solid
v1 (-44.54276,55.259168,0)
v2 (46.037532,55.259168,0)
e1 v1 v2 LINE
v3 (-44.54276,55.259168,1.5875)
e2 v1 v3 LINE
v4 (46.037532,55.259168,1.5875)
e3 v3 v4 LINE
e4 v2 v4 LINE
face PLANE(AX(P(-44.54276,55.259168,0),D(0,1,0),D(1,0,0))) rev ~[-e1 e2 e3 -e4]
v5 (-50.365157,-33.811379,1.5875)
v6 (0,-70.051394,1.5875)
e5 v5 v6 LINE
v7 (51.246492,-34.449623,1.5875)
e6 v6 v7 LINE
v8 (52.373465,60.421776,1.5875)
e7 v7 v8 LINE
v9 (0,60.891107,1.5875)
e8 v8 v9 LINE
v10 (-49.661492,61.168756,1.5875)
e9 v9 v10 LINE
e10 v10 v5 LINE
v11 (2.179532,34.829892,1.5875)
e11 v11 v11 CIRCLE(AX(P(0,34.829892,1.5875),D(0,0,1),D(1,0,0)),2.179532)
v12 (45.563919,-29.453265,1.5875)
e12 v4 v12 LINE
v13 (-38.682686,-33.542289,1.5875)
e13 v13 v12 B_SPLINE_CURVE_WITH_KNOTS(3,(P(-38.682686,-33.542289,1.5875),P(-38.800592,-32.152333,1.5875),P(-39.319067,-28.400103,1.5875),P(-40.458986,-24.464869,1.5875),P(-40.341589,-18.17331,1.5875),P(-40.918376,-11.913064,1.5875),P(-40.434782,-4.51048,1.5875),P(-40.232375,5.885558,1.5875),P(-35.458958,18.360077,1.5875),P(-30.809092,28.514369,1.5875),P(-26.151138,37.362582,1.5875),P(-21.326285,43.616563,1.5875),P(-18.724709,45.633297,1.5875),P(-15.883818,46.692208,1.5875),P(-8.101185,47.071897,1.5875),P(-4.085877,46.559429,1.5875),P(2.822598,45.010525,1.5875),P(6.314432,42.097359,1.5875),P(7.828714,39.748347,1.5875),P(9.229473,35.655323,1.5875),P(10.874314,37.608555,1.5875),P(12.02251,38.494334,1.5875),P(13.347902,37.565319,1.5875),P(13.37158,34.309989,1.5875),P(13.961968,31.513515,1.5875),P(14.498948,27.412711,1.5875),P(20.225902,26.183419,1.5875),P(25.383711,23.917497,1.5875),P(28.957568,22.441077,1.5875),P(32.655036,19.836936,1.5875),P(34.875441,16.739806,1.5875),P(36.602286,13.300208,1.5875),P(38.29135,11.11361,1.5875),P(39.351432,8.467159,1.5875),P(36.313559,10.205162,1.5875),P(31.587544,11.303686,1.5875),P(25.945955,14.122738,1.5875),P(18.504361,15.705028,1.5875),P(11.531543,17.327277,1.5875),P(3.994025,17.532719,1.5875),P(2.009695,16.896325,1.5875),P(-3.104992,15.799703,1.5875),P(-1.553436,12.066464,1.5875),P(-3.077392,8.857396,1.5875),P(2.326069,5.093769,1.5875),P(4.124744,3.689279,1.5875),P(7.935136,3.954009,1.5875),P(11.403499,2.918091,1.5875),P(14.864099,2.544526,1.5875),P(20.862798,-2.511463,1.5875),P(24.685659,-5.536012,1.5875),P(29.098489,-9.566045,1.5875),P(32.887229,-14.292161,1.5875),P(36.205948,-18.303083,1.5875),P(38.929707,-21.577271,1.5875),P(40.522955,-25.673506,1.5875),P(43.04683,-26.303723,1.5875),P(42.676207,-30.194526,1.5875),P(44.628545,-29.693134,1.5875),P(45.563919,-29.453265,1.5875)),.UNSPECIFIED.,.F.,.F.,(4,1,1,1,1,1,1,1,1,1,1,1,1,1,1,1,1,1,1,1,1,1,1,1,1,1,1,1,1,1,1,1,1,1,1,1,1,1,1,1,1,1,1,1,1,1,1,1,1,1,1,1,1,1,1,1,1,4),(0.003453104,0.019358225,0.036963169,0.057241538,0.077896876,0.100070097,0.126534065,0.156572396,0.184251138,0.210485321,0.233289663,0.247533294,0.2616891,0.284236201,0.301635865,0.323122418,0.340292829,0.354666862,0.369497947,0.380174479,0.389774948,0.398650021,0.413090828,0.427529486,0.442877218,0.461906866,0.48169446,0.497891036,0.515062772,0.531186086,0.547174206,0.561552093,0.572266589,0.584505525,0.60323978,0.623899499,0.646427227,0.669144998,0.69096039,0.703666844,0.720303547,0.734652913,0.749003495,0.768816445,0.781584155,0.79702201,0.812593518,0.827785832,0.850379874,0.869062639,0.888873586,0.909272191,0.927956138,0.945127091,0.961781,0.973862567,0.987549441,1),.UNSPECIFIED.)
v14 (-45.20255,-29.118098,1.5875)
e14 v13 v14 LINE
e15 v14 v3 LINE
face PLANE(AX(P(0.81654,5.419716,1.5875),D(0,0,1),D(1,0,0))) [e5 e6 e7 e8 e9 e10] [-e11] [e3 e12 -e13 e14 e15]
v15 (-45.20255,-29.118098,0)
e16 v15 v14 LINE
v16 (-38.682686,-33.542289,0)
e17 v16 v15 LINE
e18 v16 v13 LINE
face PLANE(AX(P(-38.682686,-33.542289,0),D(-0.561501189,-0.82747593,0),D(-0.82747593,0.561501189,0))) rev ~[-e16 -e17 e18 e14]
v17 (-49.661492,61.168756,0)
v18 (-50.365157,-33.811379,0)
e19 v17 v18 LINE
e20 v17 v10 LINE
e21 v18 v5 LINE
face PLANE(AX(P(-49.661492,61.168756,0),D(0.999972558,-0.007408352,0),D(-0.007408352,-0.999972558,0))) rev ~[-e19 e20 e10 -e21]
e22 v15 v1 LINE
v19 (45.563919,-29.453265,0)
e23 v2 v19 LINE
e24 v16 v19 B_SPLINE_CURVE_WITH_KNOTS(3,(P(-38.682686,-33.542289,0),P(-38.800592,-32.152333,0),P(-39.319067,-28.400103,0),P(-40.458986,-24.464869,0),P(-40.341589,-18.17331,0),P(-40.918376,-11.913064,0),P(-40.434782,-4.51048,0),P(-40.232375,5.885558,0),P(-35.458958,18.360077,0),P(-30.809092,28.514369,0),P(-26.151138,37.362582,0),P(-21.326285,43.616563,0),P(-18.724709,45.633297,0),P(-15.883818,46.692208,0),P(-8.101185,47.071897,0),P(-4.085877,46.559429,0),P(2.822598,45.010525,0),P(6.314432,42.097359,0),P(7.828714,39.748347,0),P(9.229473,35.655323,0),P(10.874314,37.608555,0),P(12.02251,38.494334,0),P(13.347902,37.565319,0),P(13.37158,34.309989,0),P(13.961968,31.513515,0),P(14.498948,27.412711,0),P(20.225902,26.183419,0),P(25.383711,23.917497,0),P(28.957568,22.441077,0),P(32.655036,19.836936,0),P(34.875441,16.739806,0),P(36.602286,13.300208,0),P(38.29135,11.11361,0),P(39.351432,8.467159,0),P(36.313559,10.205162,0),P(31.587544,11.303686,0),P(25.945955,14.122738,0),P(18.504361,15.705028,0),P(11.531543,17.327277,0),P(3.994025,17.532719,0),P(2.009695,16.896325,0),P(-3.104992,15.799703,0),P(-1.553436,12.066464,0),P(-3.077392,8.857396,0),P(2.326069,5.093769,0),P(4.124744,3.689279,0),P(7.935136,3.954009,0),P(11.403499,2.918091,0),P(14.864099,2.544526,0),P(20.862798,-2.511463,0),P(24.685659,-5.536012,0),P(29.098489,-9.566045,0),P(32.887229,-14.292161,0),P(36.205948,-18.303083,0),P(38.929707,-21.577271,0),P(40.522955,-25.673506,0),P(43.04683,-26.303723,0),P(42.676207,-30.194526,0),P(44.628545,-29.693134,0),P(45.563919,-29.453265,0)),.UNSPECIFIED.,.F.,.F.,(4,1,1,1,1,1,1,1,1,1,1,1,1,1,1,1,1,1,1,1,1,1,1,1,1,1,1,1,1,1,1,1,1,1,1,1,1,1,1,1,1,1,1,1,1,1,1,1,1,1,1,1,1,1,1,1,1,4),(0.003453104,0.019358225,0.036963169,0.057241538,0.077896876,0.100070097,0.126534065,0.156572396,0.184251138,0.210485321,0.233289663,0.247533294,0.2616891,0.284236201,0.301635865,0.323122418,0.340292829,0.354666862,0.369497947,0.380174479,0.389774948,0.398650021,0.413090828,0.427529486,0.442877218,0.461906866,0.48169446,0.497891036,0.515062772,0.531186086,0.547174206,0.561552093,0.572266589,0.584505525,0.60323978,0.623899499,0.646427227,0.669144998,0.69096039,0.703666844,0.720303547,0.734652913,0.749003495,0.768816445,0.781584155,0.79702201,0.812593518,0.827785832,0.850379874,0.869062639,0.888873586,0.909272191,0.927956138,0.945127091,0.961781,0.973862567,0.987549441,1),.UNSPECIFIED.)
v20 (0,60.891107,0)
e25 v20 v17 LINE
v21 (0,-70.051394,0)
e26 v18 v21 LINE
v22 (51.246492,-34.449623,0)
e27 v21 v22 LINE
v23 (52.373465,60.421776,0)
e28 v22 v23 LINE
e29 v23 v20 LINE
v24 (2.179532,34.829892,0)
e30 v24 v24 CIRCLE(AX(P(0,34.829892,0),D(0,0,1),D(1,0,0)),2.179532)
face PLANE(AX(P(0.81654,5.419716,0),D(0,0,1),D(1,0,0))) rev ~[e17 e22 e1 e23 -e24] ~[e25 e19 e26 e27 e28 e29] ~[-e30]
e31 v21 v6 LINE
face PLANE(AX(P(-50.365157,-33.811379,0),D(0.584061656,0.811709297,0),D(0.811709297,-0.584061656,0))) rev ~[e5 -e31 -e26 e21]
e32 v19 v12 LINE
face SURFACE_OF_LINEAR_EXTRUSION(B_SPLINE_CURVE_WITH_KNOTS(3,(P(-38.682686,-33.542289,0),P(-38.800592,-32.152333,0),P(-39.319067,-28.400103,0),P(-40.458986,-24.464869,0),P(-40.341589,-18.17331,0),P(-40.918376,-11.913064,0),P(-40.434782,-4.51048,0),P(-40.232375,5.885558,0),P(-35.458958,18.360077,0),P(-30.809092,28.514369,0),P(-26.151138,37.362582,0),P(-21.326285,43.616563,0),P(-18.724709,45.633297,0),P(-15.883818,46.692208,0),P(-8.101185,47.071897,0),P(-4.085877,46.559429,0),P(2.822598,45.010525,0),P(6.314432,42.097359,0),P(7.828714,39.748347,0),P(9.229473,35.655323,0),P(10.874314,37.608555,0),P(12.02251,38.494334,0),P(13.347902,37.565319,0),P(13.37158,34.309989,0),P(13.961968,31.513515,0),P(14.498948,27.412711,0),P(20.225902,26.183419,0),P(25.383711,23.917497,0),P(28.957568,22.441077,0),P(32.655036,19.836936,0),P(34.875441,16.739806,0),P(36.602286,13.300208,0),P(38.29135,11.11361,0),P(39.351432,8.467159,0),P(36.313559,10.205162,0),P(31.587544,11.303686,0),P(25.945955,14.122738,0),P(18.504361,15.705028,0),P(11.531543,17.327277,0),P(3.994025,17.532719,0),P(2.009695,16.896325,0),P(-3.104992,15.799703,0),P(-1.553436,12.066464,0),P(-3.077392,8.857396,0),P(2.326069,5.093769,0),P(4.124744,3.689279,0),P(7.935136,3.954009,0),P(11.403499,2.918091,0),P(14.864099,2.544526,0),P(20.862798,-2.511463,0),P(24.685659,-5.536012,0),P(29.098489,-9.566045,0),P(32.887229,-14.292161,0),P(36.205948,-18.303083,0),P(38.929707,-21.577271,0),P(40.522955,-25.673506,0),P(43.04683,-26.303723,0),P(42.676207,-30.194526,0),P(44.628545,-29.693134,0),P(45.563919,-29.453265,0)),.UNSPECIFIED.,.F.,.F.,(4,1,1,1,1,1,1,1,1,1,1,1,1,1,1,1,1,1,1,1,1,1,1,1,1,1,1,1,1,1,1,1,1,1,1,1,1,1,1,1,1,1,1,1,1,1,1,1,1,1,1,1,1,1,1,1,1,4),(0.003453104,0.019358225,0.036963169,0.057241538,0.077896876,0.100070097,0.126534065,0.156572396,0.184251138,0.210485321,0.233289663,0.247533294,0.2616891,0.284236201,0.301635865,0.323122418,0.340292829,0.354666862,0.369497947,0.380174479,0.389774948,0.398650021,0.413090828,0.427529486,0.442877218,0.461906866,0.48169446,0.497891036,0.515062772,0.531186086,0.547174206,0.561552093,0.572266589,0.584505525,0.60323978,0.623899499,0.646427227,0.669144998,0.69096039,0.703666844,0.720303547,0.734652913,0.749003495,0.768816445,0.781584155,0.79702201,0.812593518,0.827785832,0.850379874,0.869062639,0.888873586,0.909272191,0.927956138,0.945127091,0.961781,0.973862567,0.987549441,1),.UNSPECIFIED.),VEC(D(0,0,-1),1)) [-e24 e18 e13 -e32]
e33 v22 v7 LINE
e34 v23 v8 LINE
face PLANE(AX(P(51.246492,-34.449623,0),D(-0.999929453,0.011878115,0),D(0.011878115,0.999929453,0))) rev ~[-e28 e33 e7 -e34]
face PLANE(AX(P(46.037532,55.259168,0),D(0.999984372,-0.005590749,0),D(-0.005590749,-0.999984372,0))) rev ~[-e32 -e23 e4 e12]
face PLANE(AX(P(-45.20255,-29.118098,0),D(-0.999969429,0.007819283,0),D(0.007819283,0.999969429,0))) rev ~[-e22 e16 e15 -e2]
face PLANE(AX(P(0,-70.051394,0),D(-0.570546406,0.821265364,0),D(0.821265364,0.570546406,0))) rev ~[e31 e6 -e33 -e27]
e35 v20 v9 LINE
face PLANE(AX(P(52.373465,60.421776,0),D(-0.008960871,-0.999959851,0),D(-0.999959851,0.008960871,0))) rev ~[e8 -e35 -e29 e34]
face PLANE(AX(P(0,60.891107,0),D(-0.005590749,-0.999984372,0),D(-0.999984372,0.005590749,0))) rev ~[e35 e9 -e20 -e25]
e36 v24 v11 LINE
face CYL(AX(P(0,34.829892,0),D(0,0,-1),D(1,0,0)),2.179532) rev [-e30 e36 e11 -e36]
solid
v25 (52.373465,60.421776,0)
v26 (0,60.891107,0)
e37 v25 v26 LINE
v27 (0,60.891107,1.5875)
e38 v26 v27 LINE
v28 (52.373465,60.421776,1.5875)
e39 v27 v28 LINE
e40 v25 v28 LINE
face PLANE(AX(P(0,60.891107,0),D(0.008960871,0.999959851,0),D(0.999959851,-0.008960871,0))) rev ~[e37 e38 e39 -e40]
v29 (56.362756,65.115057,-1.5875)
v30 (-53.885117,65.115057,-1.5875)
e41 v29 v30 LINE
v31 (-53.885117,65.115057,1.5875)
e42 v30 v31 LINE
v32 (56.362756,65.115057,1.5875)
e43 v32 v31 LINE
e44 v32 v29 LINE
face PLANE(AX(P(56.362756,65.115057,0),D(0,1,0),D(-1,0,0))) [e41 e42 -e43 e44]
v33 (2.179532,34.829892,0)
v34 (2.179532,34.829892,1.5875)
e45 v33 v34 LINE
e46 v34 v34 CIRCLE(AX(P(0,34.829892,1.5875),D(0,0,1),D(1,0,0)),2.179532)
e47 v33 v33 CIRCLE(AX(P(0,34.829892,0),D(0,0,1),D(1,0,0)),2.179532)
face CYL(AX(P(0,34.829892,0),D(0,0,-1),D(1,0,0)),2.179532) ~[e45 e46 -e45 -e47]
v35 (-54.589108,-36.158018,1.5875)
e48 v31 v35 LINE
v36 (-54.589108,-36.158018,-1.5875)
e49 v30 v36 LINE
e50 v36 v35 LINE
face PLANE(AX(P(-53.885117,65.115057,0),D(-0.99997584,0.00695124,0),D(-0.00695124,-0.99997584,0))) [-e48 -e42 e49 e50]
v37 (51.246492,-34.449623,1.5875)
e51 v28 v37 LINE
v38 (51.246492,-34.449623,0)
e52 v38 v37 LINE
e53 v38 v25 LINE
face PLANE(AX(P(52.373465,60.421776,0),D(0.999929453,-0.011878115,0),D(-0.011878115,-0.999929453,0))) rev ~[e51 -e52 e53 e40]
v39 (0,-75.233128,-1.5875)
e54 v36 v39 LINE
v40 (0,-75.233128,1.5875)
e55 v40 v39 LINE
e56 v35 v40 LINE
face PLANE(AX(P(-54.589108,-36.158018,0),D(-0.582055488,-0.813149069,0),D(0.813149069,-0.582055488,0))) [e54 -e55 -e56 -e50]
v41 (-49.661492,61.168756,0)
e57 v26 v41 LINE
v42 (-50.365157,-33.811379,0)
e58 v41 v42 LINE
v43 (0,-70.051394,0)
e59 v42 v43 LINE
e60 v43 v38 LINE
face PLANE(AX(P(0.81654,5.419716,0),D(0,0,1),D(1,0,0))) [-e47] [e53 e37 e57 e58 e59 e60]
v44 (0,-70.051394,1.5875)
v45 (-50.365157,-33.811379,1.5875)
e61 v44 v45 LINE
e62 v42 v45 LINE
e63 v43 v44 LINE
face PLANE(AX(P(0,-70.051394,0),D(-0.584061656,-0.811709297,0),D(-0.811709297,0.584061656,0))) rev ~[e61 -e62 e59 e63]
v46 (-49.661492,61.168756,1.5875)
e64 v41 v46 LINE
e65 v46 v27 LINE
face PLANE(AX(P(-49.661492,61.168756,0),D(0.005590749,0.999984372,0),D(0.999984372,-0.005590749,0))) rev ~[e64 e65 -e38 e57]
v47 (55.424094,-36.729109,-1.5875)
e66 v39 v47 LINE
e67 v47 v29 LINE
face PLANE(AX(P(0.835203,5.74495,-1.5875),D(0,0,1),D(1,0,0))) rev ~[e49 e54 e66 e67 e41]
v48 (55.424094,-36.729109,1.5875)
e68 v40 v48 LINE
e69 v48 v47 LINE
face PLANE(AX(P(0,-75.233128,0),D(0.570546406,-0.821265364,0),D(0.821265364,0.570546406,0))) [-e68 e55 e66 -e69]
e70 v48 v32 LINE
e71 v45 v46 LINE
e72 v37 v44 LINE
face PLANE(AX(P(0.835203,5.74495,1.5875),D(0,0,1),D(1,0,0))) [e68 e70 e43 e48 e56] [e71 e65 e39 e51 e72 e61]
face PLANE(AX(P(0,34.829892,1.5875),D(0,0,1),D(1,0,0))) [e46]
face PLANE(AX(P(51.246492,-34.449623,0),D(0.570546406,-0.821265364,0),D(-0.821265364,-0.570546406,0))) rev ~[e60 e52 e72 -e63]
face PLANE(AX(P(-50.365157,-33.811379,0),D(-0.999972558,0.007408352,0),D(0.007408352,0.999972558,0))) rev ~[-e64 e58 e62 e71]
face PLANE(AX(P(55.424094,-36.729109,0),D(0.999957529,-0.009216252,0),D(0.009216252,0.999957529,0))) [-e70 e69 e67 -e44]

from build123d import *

# Parameters (mm, degrees)
F0_R          = 2.1795318168
F1_DEPTH      = 1.5875
F2_DEPTH      = 1.5875
F2_DEPTH_BACK = 1.5875
F3_DEPTH      = 1.5875


with BuildPart() as f1:
    # F0 (on Top) → F1 (new body)
    with BuildSketch(Plane.XY):
        Polygon((-50.3651574254, -33.8113792241), (0, -70.051394403), (51.246492301, -34.4496226662), (52.3734651506, 60.4217760265), (0, 60.8911067247), (-49.6614918586, 61.1687560072), align=None)
        with BuildLine():
            Line((-45.202549547, -29.1180983186), (-44.5427596569, 55.259168148))
            Line((-44.5427596569, 55.259168148), (46.0375323892, 55.259168148))
            Line((46.0375323892, 55.259168148), (45.5639190219, -29.4532653738))
            add(Edge.make_bspline(
                [(-38.6826857704, -33.5422889551), (-38.8005919951, -32.152333145), (-39.3190666894, -28.4001030407), (-40.458986062, -24.4648690423), (-40.3415890642, -18.1733101715), (-40.9183755939, -11.9130637335), (-40.4347817326, -4.5104804398), (-40.2323746663, 5.8855581119), (-35.4589579851, 18.3600766524), (-30.8090924237, 28.5143685896), (-26.1511375543, 37.3625815436), (-21.326285493, 43.6165630981), (-18.724708911, 45.6332968272), (-15.8838176848, 46.6922076089), (-8.1011849388, 47.0718973202), (-4.0858770947, 46.5594286988), (2.8225980893, 45.0105253753), (6.3144319535, 42.0973588461), (7.8287139265, 39.748347479), (9.2294731463, 35.6553229412), (10.8743136164, 37.6085550022), (12.0225097961, 38.4943340404), (13.3479022089, 37.5653191042), (13.3715800674, 34.3099889673), (13.9619682203, 31.5135151576), (14.49894751, 27.4127109388), (20.2259021037, 26.1834186317), (25.3837105646, 23.9174969132), (28.9575676961, 22.4410774738), (32.6550362587, 19.8369358132), (34.8754414, 16.739806202), (36.6022860384, 13.300207568), (38.2913501601, 11.1136102745), (39.3514316739, 8.4671586804), (36.3135586081, 10.2051615681), (31.5875439543, 11.3036863038), (25.9459551537, 14.122738383), (18.50436079, 15.7050278371), (11.5315427137, 17.3272768705), (3.9940245113, 17.5327188025), (2.0096945575, 16.8963246673), (-3.1049921049, 15.7997028655), (-1.5534355906, 12.0664641504), (-3.077392463, 8.8573955539), (2.32606889, 5.0937685161), (4.1247435993, 3.6892794075), (7.9351362929, 3.9540092163), (11.4034988126, 2.9180907782), (14.8640986212, 2.5445259727), (20.8627983724, -2.5114632381), (24.685658913, -5.5360118841), (29.0984890378, -9.5660449629), (32.8872286705, -14.2921612303), (36.205947736, -18.3030826101), (38.9297067869, -21.5772714854), (40.5229546306, -25.6735059901), (43.0468301685, -26.3037232438), (42.6762071907, -30.1945262959), (44.6285448232, -29.693134129), (45.5639190219, -29.4532653738)],
                knots=[0.0034531043, 0.0034531043, 0.0034531043, 0.0034531043, 0.0193582255, 0.0369631695, 0.0572415379, 0.0778968764, 0.1000700972, 0.1265340647, 0.1565723956, 0.1842511377, 0.2104853213, 0.2332896626, 0.2475332941, 0.2616890997, 0.2842362014, 0.3016358652, 0.3231224183, 0.3402928288, 0.3546668618, 0.369497947, 0.3801744787, 0.3897749477, 0.398650021, 0.413090828, 0.4275294859, 0.4428772181, 0.4619068661, 0.4816944601, 0.4978910362, 0.5150627718, 0.531186086, 0.5471742061, 0.5615520926, 0.5722665886, 0.5845055252, 0.6032397803, 0.6238994992, 0.6464272271, 0.6691449977, 0.6909603903, 0.7036668442, 0.7203035471, 0.7346529126, 0.7490034948, 0.7688164451, 0.7815841553, 0.7970220103, 0.8125935185, 0.8277858316, 0.8503798741, 0.8690626388, 0.8888735863, 0.9092721906, 0.9279561378, 0.9451270911, 0.9617809996, 0.9738625672, 0.9875494414, 1, 1, 1, 1], degree=3))
            Line((-38.6826857704, -33.5422889551), (-45.202549547, -29.1180983186))
        make_face(mode=Mode.SUBTRACT)
        with Locations((0, 34.8298922181)):
            Circle(F0_R, mode=Mode.SUBTRACT)
        with BuildLine():
            Line((46.0375323892, 55.259168148), (-44.5427596569, 55.259168148))
            Line((-44.5427596569, 55.259168148), (-45.202549547, -29.1180983186))
            Line((-45.202549547, -29.1180983186), (-38.6826857704, -33.5422889551))
            add(Edge.make_bspline(
                [(-38.6826857704, -33.5422889551), (-38.8005919951, -32.152333145), (-39.3190666894, -28.4001030407), (-40.458986062, -24.4648690423), (-40.3415890642, -18.1733101715), (-40.9183755939, -11.9130637335), (-40.4347817326, -4.5104804398), (-40.2323746663, 5.8855581119), (-35.4589579851, 18.3600766524), (-30.8090924237, 28.5143685896), (-26.1511375543, 37.3625815436), (-21.326285493, 43.6165630981), (-18.724708911, 45.6332968272), (-15.8838176848, 46.6922076089), (-8.1011849388, 47.0718973202), (-4.0858770947, 46.5594286988), (2.8225980893, 45.0105253753), (6.3144319535, 42.0973588461), (7.8287139265, 39.748347479), (9.2294731463, 35.6553229412), (10.8743136164, 37.6085550022), (12.0225097961, 38.4943340404), (13.3479022089, 37.5653191042), (13.3715800674, 34.3099889673), (13.9619682203, 31.5135151576), (14.49894751, 27.4127109388), (20.2259021037, 26.1834186317), (25.3837105646, 23.9174969132), (28.9575676961, 22.4410774738), (32.6550362587, 19.8369358132), (34.8754414, 16.739806202), (36.6022860384, 13.300207568), (38.2913501601, 11.1136102745), (39.3514316739, 8.4671586804), (36.3135586081, 10.2051615681), (31.5875439543, 11.3036863038), (25.9459551537, 14.122738383), (18.50436079, 15.7050278371), (11.5315427137, 17.3272768705), (3.9940245113, 17.5327188025), (2.0096945575, 16.8963246673), (-3.1049921049, 15.7997028655), (-1.5534355906, 12.0664641504), (-3.077392463, 8.8573955539), (2.32606889, 5.0937685161), (4.1247435993, 3.6892794075), (7.9351362929, 3.9540092163), (11.4034988126, 2.9180907782), (14.8640986212, 2.5445259727), (20.8627983724, -2.5114632381), (24.685658913, -5.5360118841), (29.0984890378, -9.5660449629), (32.8872286705, -14.2921612303), (36.205947736, -18.3030826101), (38.9297067869, -21.5772714854), (40.5229546306, -25.6735059901), (43.0468301685, -26.3037232438), (42.6762071907, -30.1945262959), (44.6285448232, -29.693134129), (45.5639190219, -29.4532653738)],
                knots=[0.0034531043, 0.0034531043, 0.0034531043, 0.0034531043, 0.0193582255, 0.0369631695, 0.0572415379, 0.0778968764, 0.1000700972, 0.1265340647, 0.1565723956, 0.1842511377, 0.2104853213, 0.2332896626, 0.2475332941, 0.2616890997, 0.2842362014, 0.3016358652, 0.3231224183, 0.3402928288, 0.3546668618, 0.369497947, 0.3801744787, 0.3897749477, 0.398650021, 0.413090828, 0.4275294859, 0.4428772181, 0.4619068661, 0.4816944601, 0.4978910362, 0.5150627718, 0.531186086, 0.5471742061, 0.5615520926, 0.5722665886, 0.5845055252, 0.6032397803, 0.6238994992, 0.6464272271, 0.6691449977, 0.6909603903, 0.7036668442, 0.7203035471, 0.7346529126, 0.7490034948, 0.7688164451, 0.7815841553, 0.7970220103, 0.8125935185, 0.8277858316, 0.8503798741, 0.8690626388, 0.8888735863, 0.9092721906, 0.9279561378, 0.9451270911, 0.9617809996, 0.9738625672, 0.9875494414, 1, 1, 1, 1], degree=3))
            Line((45.5639190219, -29.4532653738), (46.0375323892, 55.259168148))
        make_face()
    extrude(amount=-F1_DEPTH)

    # F0 (on Top) → F2 (join, two sides)
    with BuildSketch(Plane.XY) as f2_sk:
        Polygon((56.3627555966, 65.115056932), (0, 65.115056932), (-53.8851171732, 65.115056932), (-54.5891076326, -36.1580178142), (0, -75.2331282679), (55.4240942001, -36.7291085422), align=None)
        Polygon((51.246492301, -34.4496226662), (0, -70.051394403), (-50.3651574254, -33.8113792241), (-49.6614918586, 61.1687560072), (0, 60.8911067247), (52.3734651506, 60.4217760265), align=None, mode=Mode.SUBTRACT)
        with Locations((0, 34.8298922181)):
            Circle(F0_R)
    extrude(amount=F2_DEPTH)
    extrude(f2_sk.sketch, amount=-F2_DEPTH_BACK)


with BuildPart() as f3:
    # F0 (on Top) → F3 (new body)
    with BuildSketch(Plane.XY):
        Polygon((-50.3651574254, -33.8113792241), (0, -70.051394403), (51.246492301, -34.4496226662), (52.3734651506, 60.4217760265), (0, 60.8911067247), (-49.6614918586, 61.1687560072), align=None)
        with BuildLine():
            Line((-45.202549547, -29.1180983186), (-44.5427596569, 55.259168148))
            Line((-44.5427596569, 55.259168148), (46.0375323892, 55.259168148))
            Line((46.0375323892, 55.259168148), (45.5639190219, -29.4532653738))
            add(Edge.make_bspline(
                [(-38.6826857704, -33.5422889551), (-38.8005919951, -32.152333145), (-39.3190666894, -28.4001030407), (-40.458986062, -24.4648690423), (-40.3415890642, -18.1733101715), (-40.9183755939, -11.9130637335), (-40.4347817326, -4.5104804398), (-40.2323746663, 5.8855581119), (-35.4589579851, 18.3600766524), (-30.8090924237, 28.5143685896), (-26.1511375543, 37.3625815436), (-21.326285493, 43.6165630981), (-18.724708911, 45.6332968272), (-15.8838176848, 46.6922076089), (-8.1011849388, 47.0718973202), (-4.0858770947, 46.5594286988), (2.8225980893, 45.0105253753), (6.3144319535, 42.0973588461), (7.8287139265, 39.748347479), (9.2294731463, 35.6553229412), (10.8743136164, 37.6085550022), (12.0225097961, 38.4943340404), (13.3479022089, 37.5653191042), (13.3715800674, 34.3099889673), (13.9619682203, 31.5135151576), (14.49894751, 27.4127109388), (20.2259021037, 26.1834186317), (25.3837105646, 23.9174969132), (28.9575676961, 22.4410774738), (32.6550362587, 19.8369358132), (34.8754414, 16.739806202), (36.6022860384, 13.300207568), (38.2913501601, 11.1136102745), (39.3514316739, 8.4671586804), (36.3135586081, 10.2051615681), (31.5875439543, 11.3036863038), (25.9459551537, 14.122738383), (18.50436079, 15.7050278371), (11.5315427137, 17.3272768705), (3.9940245113, 17.5327188025), (2.0096945575, 16.8963246673), (-3.1049921049, 15.7997028655), (-1.5534355906, 12.0664641504), (-3.077392463, 8.8573955539), (2.32606889, 5.0937685161), (4.1247435993, 3.6892794075), (7.9351362929, 3.9540092163), (11.4034988126, 2.9180907782), (14.8640986212, 2.5445259727), (20.8627983724, -2.5114632381), (24.685658913, -5.5360118841), (29.0984890378, -9.5660449629), (32.8872286705, -14.2921612303), (36.205947736, -18.3030826101), (38.9297067869, -21.5772714854), (40.5229546306, -25.6735059901), (43.0468301685, -26.3037232438), (42.6762071907, -30.1945262959), (44.6285448232, -29.693134129), (45.5639190219, -29.4532653738)],
                knots=[0.0034531043, 0.0034531043, 0.0034531043, 0.0034531043, 0.0193582255, 0.0369631695, 0.0572415379, 0.0778968764, 0.1000700972, 0.1265340647, 0.1565723956, 0.1842511377, 0.2104853213, 0.2332896626, 0.2475332941, 0.2616890997, 0.2842362014, 0.3016358652, 0.3231224183, 0.3402928288, 0.3546668618, 0.369497947, 0.3801744787, 0.3897749477, 0.398650021, 0.413090828, 0.4275294859, 0.4428772181, 0.4619068661, 0.4816944601, 0.4978910362, 0.5150627718, 0.531186086, 0.5471742061, 0.5615520926, 0.5722665886, 0.5845055252, 0.6032397803, 0.6238994992, 0.6464272271, 0.6691449977, 0.6909603903, 0.7036668442, 0.7203035471, 0.7346529126, 0.7490034948, 0.7688164451, 0.7815841553, 0.7970220103, 0.8125935185, 0.8277858316, 0.8503798741, 0.8690626388, 0.8888735863, 0.9092721906, 0.9279561378, 0.9451270911, 0.9617809996, 0.9738625672, 0.9875494414, 1, 1, 1, 1], degree=3))
            Line((-38.6826857704, -33.5422889551), (-45.202549547, -29.1180983186))
        make_face(mode=Mode.SUBTRACT)
        with Locations((0, 34.8298922181)):
            Circle(F0_R, mode=Mode.SUBTRACT)
    extrude(amount=F3_DEPTH)


solid = Compound([f1.part, f3.part])
